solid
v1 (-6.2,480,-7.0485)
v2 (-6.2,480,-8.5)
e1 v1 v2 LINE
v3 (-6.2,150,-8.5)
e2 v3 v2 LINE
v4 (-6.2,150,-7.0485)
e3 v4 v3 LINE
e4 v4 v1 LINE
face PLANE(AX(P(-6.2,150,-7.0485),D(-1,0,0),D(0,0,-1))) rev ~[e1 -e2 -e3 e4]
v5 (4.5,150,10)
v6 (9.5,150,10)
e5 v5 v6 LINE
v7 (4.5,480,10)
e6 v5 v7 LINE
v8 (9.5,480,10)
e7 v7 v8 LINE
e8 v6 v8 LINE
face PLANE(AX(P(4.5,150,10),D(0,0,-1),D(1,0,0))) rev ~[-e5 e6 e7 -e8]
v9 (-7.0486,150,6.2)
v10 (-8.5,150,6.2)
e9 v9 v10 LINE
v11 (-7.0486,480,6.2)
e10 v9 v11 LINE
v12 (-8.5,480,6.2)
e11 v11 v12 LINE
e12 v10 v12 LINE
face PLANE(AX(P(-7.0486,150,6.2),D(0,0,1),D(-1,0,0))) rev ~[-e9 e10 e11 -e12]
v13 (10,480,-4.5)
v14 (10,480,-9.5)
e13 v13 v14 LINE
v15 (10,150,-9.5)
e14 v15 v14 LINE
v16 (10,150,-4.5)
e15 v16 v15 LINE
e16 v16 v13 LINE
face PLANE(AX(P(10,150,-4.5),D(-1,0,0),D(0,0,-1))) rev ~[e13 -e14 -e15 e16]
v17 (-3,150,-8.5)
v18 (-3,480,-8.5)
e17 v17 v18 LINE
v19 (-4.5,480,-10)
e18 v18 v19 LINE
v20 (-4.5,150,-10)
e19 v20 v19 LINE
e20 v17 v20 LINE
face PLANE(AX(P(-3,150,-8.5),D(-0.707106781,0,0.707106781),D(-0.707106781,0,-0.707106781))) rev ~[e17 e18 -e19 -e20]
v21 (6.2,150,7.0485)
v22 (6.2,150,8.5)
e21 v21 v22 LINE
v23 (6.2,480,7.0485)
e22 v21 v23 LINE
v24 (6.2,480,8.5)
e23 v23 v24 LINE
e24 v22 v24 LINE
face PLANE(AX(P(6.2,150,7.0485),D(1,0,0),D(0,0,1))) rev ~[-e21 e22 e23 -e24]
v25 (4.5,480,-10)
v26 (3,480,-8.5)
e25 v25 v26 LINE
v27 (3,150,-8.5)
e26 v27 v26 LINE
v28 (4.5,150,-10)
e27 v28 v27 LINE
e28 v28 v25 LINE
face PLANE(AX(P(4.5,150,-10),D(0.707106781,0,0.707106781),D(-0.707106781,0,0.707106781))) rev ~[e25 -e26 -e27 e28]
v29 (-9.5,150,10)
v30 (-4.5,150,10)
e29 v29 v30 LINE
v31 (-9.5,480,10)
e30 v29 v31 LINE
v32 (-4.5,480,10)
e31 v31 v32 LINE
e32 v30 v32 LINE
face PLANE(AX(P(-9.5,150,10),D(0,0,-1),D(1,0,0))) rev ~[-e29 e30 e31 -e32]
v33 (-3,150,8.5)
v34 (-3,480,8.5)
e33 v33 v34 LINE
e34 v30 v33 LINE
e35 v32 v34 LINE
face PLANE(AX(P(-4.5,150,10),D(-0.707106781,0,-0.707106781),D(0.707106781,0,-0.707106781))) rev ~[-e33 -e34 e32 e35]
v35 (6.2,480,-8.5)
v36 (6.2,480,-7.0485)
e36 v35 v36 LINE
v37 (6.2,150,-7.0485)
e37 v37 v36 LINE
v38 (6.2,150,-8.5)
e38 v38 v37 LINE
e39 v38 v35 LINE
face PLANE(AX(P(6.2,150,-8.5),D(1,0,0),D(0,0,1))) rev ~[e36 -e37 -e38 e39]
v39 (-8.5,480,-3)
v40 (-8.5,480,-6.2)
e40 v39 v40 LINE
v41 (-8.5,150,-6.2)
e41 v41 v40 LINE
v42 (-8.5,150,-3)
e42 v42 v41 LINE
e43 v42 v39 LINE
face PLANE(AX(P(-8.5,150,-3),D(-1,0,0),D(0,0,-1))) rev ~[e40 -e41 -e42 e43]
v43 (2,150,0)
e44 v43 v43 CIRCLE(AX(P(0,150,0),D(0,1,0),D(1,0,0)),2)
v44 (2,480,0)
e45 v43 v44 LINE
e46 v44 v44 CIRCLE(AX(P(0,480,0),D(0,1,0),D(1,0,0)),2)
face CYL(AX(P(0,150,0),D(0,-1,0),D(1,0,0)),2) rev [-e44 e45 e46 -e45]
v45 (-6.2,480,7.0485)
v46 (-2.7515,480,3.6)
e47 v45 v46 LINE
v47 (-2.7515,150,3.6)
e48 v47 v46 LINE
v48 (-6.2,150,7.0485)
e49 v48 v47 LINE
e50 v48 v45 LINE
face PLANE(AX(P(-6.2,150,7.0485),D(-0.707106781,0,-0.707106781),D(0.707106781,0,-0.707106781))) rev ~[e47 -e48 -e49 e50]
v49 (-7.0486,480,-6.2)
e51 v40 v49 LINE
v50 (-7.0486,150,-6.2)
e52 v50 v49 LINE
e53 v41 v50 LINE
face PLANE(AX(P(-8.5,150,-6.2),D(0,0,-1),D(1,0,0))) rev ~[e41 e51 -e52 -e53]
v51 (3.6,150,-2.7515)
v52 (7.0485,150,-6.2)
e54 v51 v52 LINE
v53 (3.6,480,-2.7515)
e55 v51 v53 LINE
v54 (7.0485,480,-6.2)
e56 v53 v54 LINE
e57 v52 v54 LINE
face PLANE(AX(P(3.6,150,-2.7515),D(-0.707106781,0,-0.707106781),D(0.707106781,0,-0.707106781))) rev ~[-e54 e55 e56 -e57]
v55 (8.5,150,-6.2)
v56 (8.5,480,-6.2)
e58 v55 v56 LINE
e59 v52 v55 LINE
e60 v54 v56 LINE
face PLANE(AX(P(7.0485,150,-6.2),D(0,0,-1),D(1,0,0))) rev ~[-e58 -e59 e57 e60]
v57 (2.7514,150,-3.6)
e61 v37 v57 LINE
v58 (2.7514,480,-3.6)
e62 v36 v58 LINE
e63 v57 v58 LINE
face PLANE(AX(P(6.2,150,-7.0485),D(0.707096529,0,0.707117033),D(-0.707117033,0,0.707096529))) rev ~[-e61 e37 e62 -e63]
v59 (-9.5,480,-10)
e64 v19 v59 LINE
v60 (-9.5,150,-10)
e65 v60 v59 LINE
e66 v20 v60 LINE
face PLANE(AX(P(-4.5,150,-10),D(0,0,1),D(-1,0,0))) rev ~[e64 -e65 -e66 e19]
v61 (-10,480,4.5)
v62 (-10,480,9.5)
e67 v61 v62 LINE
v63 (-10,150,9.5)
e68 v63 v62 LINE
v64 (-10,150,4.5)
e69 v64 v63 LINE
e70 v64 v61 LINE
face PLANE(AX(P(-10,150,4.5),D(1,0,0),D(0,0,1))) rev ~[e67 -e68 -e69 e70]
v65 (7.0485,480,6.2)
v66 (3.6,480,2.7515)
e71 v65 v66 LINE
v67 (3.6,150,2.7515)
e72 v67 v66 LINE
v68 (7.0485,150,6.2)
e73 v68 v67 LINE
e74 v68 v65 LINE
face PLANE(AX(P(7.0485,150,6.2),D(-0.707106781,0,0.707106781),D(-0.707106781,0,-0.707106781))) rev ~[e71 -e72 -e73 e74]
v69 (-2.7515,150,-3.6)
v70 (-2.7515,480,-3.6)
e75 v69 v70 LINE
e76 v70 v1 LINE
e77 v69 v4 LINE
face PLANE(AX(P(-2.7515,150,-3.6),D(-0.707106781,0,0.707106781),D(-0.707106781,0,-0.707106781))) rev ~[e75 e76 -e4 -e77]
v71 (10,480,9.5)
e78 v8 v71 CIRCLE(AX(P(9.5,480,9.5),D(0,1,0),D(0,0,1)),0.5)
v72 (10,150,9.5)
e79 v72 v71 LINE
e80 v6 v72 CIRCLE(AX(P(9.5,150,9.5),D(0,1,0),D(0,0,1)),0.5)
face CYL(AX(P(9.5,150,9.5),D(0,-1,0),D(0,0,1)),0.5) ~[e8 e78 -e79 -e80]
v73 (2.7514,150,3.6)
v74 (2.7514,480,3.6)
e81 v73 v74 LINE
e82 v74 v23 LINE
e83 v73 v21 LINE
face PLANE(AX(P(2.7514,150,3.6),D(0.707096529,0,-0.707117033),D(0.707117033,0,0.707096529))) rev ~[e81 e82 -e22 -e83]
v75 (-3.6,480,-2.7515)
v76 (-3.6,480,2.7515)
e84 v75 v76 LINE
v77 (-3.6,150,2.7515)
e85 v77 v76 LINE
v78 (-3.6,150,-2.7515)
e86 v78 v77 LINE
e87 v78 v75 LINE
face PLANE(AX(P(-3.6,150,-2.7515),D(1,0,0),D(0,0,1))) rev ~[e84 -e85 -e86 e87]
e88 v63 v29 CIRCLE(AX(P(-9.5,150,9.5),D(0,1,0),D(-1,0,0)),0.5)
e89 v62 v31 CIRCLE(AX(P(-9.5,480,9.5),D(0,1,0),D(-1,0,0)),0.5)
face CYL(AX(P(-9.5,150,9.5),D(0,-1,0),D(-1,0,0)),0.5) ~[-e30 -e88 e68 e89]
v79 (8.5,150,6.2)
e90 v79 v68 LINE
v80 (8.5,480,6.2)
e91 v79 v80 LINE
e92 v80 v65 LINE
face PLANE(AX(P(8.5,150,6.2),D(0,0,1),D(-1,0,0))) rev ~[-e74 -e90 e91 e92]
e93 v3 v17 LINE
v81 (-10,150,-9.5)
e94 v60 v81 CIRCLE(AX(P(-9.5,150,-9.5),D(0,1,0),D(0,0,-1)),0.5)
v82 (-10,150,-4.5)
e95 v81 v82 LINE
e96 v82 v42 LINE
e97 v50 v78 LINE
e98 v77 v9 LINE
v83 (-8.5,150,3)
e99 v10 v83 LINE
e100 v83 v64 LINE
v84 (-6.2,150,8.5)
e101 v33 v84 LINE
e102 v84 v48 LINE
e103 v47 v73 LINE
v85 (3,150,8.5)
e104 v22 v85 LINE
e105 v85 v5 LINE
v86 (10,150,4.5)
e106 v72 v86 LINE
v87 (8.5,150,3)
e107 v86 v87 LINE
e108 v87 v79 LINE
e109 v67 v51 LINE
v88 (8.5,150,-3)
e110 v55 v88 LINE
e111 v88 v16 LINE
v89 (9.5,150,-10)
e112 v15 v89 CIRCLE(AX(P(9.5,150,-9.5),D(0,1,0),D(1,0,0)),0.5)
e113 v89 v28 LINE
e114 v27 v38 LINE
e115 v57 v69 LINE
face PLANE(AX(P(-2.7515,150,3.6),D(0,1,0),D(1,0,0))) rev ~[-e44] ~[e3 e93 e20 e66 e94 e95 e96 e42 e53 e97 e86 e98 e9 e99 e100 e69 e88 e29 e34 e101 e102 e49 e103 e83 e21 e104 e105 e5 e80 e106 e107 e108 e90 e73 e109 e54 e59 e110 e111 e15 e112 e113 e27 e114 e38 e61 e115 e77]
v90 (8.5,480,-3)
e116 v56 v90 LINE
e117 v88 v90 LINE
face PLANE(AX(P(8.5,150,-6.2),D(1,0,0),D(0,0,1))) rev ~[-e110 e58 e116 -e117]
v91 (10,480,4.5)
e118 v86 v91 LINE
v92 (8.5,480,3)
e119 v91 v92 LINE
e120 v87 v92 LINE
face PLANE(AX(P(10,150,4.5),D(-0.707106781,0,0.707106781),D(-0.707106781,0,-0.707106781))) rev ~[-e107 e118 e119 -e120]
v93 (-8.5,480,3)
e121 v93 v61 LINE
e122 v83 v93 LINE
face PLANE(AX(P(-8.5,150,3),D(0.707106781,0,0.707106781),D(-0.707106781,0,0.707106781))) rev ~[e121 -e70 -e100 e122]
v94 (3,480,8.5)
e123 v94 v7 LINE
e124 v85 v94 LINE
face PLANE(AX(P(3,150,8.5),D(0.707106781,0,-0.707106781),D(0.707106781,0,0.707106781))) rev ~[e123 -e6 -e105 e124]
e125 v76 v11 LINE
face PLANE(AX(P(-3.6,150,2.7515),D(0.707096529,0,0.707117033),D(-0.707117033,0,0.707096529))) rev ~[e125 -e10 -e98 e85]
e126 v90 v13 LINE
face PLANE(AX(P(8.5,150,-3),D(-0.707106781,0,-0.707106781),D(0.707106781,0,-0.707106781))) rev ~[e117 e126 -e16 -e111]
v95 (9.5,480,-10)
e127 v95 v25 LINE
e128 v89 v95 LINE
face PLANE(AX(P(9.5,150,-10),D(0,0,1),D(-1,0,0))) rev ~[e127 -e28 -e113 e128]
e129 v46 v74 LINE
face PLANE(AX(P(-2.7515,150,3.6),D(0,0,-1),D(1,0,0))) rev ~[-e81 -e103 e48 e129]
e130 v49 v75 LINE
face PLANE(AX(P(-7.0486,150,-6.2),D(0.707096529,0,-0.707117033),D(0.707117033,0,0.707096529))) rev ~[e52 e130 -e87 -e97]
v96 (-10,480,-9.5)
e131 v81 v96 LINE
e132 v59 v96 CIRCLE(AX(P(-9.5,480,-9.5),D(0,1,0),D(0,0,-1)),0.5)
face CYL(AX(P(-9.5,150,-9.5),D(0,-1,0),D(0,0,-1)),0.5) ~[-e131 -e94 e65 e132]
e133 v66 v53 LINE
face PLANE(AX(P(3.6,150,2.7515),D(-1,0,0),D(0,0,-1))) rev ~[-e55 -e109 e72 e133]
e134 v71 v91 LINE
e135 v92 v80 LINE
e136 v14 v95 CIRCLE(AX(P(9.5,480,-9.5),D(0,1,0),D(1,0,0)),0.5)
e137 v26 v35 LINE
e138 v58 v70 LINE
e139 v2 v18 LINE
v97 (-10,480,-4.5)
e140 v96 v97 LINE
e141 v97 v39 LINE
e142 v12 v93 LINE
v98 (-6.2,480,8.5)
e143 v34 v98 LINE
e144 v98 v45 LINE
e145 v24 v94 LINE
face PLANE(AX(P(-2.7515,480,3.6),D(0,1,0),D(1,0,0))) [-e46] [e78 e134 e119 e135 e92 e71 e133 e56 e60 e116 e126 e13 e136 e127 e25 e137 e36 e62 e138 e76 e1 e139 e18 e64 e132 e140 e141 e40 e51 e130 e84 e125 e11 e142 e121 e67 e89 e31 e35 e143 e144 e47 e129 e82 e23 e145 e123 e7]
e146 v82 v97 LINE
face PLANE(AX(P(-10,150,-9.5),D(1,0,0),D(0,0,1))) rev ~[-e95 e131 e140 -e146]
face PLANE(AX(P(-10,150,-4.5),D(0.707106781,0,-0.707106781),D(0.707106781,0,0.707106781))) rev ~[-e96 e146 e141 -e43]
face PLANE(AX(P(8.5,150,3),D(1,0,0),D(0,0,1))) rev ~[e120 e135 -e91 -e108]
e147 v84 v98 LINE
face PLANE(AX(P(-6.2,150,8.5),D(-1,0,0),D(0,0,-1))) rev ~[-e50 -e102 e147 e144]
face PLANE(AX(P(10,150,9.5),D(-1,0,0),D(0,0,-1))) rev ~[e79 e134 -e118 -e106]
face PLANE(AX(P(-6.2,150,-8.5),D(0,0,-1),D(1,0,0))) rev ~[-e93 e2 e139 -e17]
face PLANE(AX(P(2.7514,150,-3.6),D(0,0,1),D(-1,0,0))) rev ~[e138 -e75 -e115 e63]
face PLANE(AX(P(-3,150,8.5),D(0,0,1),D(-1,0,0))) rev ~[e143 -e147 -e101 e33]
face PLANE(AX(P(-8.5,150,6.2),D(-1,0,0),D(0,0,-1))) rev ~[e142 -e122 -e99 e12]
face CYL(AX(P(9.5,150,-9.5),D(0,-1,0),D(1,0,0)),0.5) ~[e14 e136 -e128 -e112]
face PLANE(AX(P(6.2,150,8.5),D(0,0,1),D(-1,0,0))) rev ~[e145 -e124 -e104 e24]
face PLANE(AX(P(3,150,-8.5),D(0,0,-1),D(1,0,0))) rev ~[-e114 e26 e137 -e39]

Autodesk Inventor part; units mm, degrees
ref_plane "YZ Plane" through (0, 0, 0) normal (1, 0, 0) x (0, 1, 0)
ref_plane "XZ Plane" through (0, 0, 0) normal (0, 1, 0) x (-1, 0, 0)
ref_plane "Work Plane1" through (-2.7515, 150, 3.6) normal (0, 1, 0) x (1, 0, 0)
sketch "Sketch1" plane through (-2.7515, 150, 3.6) normal (0, 1, 0) x (1, 0, 0)
  arc A0 (-6.7485, 13.6) -> (-7.2485, 13.1) centre (-6.7485, 13.1) ccw projected
  line L0 (-7.2485, 13.1) -> (-7.2485, 8.1) projected
  line L1 (-7.2485, 8.1) -> (-5.7485, 6.6) projected
  line L2 (-5.7485, 6.6) -> (-5.7485, 9.8) projected
  line L3 (-5.7485, 9.8) -> (-4.2971, 9.8) projected
  line L4 (-4.2971, 9.8) -> (-0.8485, 6.3515) projected
  line L5 (-0.8485, 6.3515) -> (-0.8485, 0.8485) projected
  line L6 (-0.8485, 0.8485) -> (-4.2971, -2.6) projected
  line L7 (-4.2971, -2.6) -> (-5.7485, -2.6) projected
  line L8 (-5.7485, -2.6) -> (-5.7485, 0.6) projected
  line L9 (-5.7485, 0.6) -> (-7.2485, -0.9) projected
  line L10 (-7.2485, -0.9) -> (-7.2485, -5.9) projected
  arc A1 (-7.2485, -5.9) -> (-6.7485, -6.4) centre (-6.7485, -5.9) ccw projected
  line L11 (-6.7485, -6.4) -> (-1.7485, -6.4) projected
  line L12 (-1.7485, -6.4) -> (-0.2485, -4.9) projected
  line L13 (-0.2485, -4.9) -> (-3.4485, -4.9) projected
  line L14 (-3.4485, -4.9) -> (-3.4485, -3.4485) projected
  line L15 (-3.4485, -3.4485) -> (0, 0) projected
  line L16 (0, 0) -> (5.5029, 0) projected
  line L17 (5.5029, 0) -> (8.9515, -3.4485) projected
  line L18 (8.9515, -3.4485) -> (8.9515, -4.9) projected
  line L19 (8.9515, -4.9) -> (5.7515, -4.9) projected
  line L20 (5.7515, -4.9) -> (7.2515, -6.4) projected
  line L21 (7.2515, -6.4) -> (12.2515, -6.4) projected
  arc A2 (12.2515, -6.4) -> (12.7515, -5.9) centre (12.2515, -5.9) ccw projected
  line L22 (12.7515, -5.9) -> (12.7515, -0.9) projected
  line L23 (12.7515, -0.9) -> (11.2515, 0.6) projected
  line L24 (11.2515, 0.6) -> (11.2515, -2.6) projected
  line L25 (11.2515, -2.6) -> (9.8, -2.6) projected
  line L26 (9.8, -2.6) -> (6.3515, 0.8485) projected
  line L27 (6.3515, 0.8485) -> (6.3515, 6.3515) projected
  line L28 (6.3515, 6.3515) -> (9.8, 9.8) projected
  line L29 (9.8, 9.8) -> (11.2515, 9.8) projected
  line L30 (11.2515, 9.8) -> (11.2515, 6.6) projected
  line L31 (11.2515, 6.6) -> (12.7515, 8.1) projected
  line L32 (12.7515, 8.1) -> (12.7515, 13.1) projected
  arc A3 (12.7515, 13.1) -> (12.2515, 13.6) centre (12.2515, 13.1) ccw projected
  line L33 (12.2515, 13.6) -> (7.2515, 13.6) projected
  line L34 (7.2515, 13.6) -> (5.7515, 12.1) projected
  line L35 (5.7515, 12.1) -> (8.9515, 12.1) projected
  line L36 (8.9515, 12.1) -> (8.9515, 10.6485) projected
  line L37 (8.9515, 10.6485) -> (5.5029, 7.2) projected
  line L38 (5.5029, 7.2) -> (0, 7.2) projected
  line L39 (0, 7.2) -> (-3.4485, 10.6485) projected
  line L40 (-3.4485, 10.6485) -> (-3.4485, 12.1) projected
  line L41 (-3.4485, 12.1) -> (-0.2485, 12.1) projected
  line L42 (-0.2485, 12.1) -> (-1.7485, 13.6) projected
  line L43 (-1.7485, 13.6) -> (-6.7485, 13.6) projected
  circle A4 centre (2.7515, 3.6) radius 2 projected
extrude "Extrusion1" add sketch "Sketch1" along normal blind 330
ref_plane "Work Plane2" through (0, 150, -9.5) normal (1, 0, 0) x (0, 0, -1)
ref_plane "Work Plane3" through (-4.5, 150, 0) normal (0, 0, 1) x (1, 0, 0)
properties part number "20x20mmx150mm alminum profile" material "Aluminum 6061"
